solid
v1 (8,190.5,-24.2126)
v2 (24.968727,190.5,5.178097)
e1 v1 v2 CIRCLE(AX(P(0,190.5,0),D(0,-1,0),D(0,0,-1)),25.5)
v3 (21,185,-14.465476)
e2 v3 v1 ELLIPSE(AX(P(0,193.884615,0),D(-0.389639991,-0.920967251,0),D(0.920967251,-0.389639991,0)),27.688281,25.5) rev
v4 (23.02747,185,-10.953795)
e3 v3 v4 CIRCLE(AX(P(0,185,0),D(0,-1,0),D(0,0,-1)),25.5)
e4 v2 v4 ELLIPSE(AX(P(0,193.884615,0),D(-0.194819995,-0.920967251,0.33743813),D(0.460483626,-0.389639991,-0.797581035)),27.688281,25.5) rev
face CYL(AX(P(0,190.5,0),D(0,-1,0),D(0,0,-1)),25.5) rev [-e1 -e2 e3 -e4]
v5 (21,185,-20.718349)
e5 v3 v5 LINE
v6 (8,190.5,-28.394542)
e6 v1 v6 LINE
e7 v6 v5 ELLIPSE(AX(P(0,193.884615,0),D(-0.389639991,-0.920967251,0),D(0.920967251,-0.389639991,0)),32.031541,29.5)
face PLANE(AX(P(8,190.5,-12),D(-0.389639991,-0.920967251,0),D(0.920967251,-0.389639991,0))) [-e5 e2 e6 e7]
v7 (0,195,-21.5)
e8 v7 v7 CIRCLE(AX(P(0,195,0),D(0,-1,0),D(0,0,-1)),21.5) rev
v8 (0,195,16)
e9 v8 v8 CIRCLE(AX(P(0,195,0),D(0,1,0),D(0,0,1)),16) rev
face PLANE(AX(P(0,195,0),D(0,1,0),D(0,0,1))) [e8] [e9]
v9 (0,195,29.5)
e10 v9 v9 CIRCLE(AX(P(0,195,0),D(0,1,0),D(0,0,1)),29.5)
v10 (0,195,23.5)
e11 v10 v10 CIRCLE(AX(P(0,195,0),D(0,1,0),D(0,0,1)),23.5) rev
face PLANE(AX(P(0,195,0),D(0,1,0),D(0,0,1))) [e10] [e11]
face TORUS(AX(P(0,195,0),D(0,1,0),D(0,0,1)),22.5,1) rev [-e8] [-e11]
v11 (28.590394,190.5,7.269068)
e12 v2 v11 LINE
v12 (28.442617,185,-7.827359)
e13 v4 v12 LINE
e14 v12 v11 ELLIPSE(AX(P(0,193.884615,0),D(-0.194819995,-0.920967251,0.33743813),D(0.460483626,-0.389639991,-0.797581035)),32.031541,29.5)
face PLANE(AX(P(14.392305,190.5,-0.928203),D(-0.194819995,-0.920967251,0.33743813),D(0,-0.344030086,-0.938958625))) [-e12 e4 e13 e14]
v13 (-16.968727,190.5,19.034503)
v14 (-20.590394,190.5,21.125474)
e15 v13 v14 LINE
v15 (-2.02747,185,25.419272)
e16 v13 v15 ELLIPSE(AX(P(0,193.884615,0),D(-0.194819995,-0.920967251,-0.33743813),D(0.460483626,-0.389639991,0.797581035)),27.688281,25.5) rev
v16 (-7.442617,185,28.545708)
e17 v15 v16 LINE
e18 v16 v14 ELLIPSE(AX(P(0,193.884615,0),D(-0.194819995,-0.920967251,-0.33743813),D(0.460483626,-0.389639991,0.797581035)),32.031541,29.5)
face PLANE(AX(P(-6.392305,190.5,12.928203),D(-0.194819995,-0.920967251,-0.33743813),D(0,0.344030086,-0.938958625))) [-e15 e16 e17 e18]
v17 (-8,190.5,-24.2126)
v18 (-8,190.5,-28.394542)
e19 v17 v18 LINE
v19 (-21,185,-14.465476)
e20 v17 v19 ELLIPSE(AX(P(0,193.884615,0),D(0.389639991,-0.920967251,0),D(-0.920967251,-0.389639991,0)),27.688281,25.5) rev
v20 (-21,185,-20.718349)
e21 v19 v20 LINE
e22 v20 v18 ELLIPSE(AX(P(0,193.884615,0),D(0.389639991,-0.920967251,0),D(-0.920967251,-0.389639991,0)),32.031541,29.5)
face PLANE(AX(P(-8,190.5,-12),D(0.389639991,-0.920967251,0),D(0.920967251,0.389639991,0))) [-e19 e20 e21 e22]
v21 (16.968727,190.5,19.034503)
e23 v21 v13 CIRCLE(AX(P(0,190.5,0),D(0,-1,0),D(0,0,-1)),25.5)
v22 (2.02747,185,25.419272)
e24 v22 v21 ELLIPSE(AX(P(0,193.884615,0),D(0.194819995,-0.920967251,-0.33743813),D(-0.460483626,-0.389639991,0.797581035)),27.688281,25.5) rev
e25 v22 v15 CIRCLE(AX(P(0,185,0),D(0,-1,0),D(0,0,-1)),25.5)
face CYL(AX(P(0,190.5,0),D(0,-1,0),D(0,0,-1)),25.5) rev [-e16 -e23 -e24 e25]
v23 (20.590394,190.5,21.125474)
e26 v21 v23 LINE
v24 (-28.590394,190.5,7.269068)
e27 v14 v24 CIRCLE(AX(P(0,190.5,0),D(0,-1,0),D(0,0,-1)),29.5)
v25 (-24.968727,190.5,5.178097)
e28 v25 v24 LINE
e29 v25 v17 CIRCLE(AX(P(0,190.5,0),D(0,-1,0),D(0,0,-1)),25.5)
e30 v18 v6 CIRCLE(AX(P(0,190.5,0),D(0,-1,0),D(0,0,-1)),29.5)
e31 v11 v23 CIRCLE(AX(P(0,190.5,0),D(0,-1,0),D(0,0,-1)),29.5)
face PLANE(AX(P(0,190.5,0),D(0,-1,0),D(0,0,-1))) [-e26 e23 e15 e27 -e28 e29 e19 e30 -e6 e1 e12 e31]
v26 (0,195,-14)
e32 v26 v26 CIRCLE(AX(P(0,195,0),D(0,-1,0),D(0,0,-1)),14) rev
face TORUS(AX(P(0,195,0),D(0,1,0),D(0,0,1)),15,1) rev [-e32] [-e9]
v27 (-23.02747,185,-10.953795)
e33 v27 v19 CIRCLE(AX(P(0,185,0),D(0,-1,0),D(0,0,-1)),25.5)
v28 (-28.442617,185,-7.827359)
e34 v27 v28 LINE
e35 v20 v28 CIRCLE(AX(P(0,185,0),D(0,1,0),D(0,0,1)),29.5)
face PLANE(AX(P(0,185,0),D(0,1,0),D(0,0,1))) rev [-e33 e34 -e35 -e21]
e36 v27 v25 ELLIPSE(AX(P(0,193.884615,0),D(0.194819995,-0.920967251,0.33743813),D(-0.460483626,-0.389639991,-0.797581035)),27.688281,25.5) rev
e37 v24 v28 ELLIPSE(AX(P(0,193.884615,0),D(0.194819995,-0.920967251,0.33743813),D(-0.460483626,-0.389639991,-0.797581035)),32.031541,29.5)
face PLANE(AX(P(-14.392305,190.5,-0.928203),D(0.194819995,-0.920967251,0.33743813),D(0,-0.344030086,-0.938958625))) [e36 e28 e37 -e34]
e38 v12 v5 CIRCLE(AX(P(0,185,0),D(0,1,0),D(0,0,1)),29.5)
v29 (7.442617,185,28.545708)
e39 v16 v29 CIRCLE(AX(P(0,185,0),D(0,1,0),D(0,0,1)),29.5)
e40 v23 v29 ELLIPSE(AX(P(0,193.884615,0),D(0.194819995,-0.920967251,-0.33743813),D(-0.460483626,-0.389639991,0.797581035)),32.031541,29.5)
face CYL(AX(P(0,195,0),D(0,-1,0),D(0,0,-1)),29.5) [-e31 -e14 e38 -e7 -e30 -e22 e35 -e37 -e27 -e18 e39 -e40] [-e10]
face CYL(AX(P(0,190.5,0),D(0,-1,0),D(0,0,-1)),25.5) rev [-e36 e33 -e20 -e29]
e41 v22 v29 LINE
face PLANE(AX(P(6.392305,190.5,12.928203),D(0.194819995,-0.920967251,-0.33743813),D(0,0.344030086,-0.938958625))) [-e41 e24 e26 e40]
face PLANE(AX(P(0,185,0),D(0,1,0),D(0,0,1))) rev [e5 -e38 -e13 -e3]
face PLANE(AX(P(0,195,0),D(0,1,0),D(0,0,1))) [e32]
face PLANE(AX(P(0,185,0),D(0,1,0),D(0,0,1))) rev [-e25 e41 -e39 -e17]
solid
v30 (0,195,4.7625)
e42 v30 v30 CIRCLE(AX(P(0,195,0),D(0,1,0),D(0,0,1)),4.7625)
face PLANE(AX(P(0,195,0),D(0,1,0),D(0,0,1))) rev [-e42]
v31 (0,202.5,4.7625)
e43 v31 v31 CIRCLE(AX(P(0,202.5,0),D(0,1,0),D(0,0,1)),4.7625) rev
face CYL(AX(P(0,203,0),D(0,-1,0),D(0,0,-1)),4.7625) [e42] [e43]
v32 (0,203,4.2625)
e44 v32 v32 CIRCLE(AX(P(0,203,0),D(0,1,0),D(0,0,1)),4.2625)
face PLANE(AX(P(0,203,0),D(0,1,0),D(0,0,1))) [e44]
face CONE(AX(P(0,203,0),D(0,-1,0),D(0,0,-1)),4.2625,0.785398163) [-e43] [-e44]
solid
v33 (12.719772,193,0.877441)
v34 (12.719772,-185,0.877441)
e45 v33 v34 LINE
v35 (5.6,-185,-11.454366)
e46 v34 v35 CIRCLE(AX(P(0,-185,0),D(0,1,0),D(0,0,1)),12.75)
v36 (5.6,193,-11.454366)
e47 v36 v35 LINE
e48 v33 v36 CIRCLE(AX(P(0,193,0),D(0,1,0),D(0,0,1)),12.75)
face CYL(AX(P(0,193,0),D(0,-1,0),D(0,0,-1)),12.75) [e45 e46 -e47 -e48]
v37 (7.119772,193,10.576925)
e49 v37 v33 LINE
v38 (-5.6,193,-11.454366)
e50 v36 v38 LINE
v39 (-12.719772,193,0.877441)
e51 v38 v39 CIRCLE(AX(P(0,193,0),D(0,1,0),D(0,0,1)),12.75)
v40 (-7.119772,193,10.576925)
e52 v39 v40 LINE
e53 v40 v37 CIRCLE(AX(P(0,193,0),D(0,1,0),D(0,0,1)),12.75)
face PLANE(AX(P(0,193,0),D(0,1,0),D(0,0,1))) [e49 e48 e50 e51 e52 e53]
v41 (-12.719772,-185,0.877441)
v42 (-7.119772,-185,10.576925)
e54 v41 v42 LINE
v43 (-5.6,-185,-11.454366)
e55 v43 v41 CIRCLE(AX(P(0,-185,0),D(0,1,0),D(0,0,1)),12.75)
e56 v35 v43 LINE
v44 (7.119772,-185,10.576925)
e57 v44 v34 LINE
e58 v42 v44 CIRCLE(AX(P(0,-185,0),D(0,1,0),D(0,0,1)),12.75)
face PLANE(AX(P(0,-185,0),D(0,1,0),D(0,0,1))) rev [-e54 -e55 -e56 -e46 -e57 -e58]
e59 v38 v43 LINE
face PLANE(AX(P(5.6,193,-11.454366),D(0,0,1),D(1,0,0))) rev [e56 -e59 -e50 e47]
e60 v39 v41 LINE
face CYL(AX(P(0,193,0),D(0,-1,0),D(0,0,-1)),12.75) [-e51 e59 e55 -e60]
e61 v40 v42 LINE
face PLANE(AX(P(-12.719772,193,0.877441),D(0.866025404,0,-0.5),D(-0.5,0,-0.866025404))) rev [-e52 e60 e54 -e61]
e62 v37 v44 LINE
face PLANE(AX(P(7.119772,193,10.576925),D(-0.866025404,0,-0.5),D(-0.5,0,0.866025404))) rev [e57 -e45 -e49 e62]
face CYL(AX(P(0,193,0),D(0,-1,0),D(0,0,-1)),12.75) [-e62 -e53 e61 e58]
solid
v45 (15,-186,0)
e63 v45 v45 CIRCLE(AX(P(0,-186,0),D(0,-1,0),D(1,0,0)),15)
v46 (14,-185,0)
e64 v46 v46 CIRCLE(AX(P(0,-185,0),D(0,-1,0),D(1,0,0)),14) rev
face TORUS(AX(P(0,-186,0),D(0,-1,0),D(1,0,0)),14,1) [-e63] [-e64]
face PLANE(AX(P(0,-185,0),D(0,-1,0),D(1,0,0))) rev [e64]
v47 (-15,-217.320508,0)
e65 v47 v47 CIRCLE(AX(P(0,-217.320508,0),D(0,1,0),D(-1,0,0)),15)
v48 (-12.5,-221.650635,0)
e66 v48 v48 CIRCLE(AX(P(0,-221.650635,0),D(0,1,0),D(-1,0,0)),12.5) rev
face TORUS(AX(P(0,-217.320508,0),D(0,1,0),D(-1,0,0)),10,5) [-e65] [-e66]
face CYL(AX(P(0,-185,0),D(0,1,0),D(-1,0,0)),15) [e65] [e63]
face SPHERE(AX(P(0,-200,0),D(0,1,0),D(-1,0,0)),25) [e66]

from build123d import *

# Parameters (mm, degrees)
EXTRUDE1_DEPTH      = 185
SKETCH3_R           = 29.5
EXTRUDE2_DEPTH      = 10
SKETCH7_R           = 1
SKETCH6_OUTSIDE_W   = 138.81
SKETCH6_OUTSIDE_H   = 138.81
SKETCH6_OUTSIDE_R   = 29.5
SKETCH6_OUTSIDE_R_2 = 25.5
EXTRUDE4_DEPTH      = 5.5
EXTRUDE3_DEPTH      = 23
CIRPATTERN1_COUNT   = 3
SKETCH8_R           = 4.7625
EXTRUDE5_DEPTH      = 8
CHAMFER1_SIZE       = 0.5
EXTRUDE6_DEPTH      = 8
FILLET1_R           = 5
FILLET2_R           = 1


with BuildPart() as part:
    # Sketch2 → Extrude1 (new, symmetric)
    with BuildSketch(Plane(origin=(0, 0, 0), x_dir=(1, 0, 0), z_dir=(0, 1, 0))):
        with BuildLine():
            Line((-5.6, 11.45436598), (5.6, 11.45436598))
            ThreePointArc((5.6, 11.45436598), (11.041823898, 6.375), (12.719771923, -0.877440729))
            Line((12.719771923, -0.877440729), (7.119771923, -10.576925251))
            ThreePointArc((7.119771923, -10.576925251), (0, -12.75), (-7.119771923, -10.576925251))
            Line((-7.119771923, -10.576925251), (-12.719771923, -0.877440729))
            ThreePointArc((-12.719771923, -0.877440729), (-11.041823898, 6.375), (-5.6, 11.45436598))
        make_face()
    extrude(amount=EXTRUDE1_DEPTH, both=True)


with BuildPart() as body_2:
    # Sketch3 → Extrude2 (new body)
    with BuildSketch(Plane(origin=(0, 185, 0), x_dir=(1, 0, 0), z_dir=(0, 1, 0))):
        with Locations(Location((0, 0, 0), (0, 0, 270))):
            Circle(SKETCH3_R)
    extrude(amount=EXTRUDE2_DEPTH)

    # Sketch7 → Cut-Revolve1 (revolve, cut)
    with BuildSketch(Plane.XY, mode=Mode.PRIVATE) as cut_revolve1_sk:
        with Locations((15, 195)):
            Circle(SKETCH7_R)
        with Locations((22.5, 195)):
            Circle(SKETCH7_R)
    revolve(cut_revolve1_sk.sketch.rotate(Axis((0, 203.822792645, 0), (0, -1, 0)), 90), axis=Axis((0, 203.822792645, 0), (0, -1, 0)), mode=Mode.SUBTRACT)

    # Sketch6 outside → Extrude4 (cut)
    # profile 1 of 2: a face of its own
    with BuildSketch(Plane.XZ.offset(-185)):
        Rectangle(SKETCH6_OUTSIDE_W, SKETCH6_OUTSIDE_H)
        with Locations(Location((0, 0, 0), (0, 0, 90))):
            Circle(SKETCH6_OUTSIDE_R, mode=Mode.SUBTRACT)
    # profile 2 of 2: a face of its own
    with BuildSketch(Plane.XZ.offset(-185)):
        with Locations(Location((0, 0, 0), (0, 0, 270))):
            Circle(SKETCH6_OUTSIDE_R_2)
    extrude(amount=-EXTRUDE4_DEPTH, mode=Mode.SUBTRACT)

    # Sketch4 → Extrude3 (cut)
    with BuildSketch(Plane.XY.offset(-35)):
        Polygon((8, 190.5), (-8, 190.5), (-21, 185), (21, 185), align=None)
    extrude3 = extrude(amount=EXTRUDE3_DEPTH, mode=Mode.SUBTRACT)

    # CirPattern1: Extrude3 ×3 about axis
    cirpattern1_axis = Axis((0, 0, 0), (0, 1, 0))
    for i in range(1, CIRPATTERN1_COUNT):
        add(extrude3.rotate(cirpattern1_axis, i * 360 / CIRPATTERN1_COUNT), mode=Mode.SUBTRACT)


with BuildPart() as body_3:
    # Sketch8 → Extrude5 (new body)
    with BuildSketch(Plane(origin=(0, 195, 0), x_dir=(1, 0, 0), z_dir=(0, 1, 0))):
        with Locations(Location((0, 0, 0), (0, 0, 270))):
            Circle(SKETCH8_R)
    extrude(amount=EXTRUDE5_DEPTH)

    # Chamfer1
    chamfer1_edges = [body_3.edges().sort_by_distance(p)[0] for p in [
        (0, 203, -4.7625),
    ]]
    chamfer(chamfer1_edges, length=CHAMFER1_SIZE)


with BuildPart() as body_4:
    # Sketch9 → Extrude6 (new body)
    with BuildSketch(Plane(origin=(0, 185, 0), x_dir=(1, 0, 0), z_dir=(0, 1, 0))):
        with BuildLine():
            Line((-12.719771923, -0.877440729), (-7.119771923, -10.576925251))
            ThreePointArc((-7.119771923, -10.576925251), (0, -12.75), (7.119771923, -10.576925251))
            Line((7.119771923, -10.576925251), (12.719771923, -0.877440729))
            ThreePointArc((12.719771923, -0.877440729), (11.041823898, 6.375), (5.6, 11.45436598))
            Line((5.6, 11.45436598), (-5.6, 11.45436598))
            ThreePointArc((-5.6, 11.45436598), (-11.041823898, 6.375), (-12.719771923, -0.877440729))
        make_face()
    extrude(amount=EXTRUDE6_DEPTH)

    # Combine1: union part
    add(part.part)


with BuildPart() as body_5:
    # Sketch10 → Revolve1 (revolve)
    with BuildSketch(Plane.XY, mode=Mode.PRIVATE) as revolve1_sk:
        with BuildLine():
            Line((15, -185), (15, -220))
            ThreePointArc((15, -220), (7.90569415, -223.717082451), (0, -225))
            Line((0, -225), (0, -185))
            Line((0, -185), (15, -185))
        make_face()
    revolve(revolve1_sk.sketch.rotate(Axis((0, -185, 0), (0, -1, 0)), 180), axis=Axis((0, -185, 0), (0, -1, 0)))

    # Fillet1
    fillet1_edges = [body_5.edges().sort_by_distance(p)[0] for p in [
        (15, -220, 0),
    ]]
    fillet(fillet1_edges, radius=FILLET1_R)

    # Fillet2
    fillet2_edges = [body_5.edges().sort_by_distance(p)[0] for p in [
        (15, -185, 0),
    ]]
    fillet(fillet2_edges, radius=FILLET2_R)


solid = Compound([body_2.part, body_3.part, body_4.part, body_5.part])
